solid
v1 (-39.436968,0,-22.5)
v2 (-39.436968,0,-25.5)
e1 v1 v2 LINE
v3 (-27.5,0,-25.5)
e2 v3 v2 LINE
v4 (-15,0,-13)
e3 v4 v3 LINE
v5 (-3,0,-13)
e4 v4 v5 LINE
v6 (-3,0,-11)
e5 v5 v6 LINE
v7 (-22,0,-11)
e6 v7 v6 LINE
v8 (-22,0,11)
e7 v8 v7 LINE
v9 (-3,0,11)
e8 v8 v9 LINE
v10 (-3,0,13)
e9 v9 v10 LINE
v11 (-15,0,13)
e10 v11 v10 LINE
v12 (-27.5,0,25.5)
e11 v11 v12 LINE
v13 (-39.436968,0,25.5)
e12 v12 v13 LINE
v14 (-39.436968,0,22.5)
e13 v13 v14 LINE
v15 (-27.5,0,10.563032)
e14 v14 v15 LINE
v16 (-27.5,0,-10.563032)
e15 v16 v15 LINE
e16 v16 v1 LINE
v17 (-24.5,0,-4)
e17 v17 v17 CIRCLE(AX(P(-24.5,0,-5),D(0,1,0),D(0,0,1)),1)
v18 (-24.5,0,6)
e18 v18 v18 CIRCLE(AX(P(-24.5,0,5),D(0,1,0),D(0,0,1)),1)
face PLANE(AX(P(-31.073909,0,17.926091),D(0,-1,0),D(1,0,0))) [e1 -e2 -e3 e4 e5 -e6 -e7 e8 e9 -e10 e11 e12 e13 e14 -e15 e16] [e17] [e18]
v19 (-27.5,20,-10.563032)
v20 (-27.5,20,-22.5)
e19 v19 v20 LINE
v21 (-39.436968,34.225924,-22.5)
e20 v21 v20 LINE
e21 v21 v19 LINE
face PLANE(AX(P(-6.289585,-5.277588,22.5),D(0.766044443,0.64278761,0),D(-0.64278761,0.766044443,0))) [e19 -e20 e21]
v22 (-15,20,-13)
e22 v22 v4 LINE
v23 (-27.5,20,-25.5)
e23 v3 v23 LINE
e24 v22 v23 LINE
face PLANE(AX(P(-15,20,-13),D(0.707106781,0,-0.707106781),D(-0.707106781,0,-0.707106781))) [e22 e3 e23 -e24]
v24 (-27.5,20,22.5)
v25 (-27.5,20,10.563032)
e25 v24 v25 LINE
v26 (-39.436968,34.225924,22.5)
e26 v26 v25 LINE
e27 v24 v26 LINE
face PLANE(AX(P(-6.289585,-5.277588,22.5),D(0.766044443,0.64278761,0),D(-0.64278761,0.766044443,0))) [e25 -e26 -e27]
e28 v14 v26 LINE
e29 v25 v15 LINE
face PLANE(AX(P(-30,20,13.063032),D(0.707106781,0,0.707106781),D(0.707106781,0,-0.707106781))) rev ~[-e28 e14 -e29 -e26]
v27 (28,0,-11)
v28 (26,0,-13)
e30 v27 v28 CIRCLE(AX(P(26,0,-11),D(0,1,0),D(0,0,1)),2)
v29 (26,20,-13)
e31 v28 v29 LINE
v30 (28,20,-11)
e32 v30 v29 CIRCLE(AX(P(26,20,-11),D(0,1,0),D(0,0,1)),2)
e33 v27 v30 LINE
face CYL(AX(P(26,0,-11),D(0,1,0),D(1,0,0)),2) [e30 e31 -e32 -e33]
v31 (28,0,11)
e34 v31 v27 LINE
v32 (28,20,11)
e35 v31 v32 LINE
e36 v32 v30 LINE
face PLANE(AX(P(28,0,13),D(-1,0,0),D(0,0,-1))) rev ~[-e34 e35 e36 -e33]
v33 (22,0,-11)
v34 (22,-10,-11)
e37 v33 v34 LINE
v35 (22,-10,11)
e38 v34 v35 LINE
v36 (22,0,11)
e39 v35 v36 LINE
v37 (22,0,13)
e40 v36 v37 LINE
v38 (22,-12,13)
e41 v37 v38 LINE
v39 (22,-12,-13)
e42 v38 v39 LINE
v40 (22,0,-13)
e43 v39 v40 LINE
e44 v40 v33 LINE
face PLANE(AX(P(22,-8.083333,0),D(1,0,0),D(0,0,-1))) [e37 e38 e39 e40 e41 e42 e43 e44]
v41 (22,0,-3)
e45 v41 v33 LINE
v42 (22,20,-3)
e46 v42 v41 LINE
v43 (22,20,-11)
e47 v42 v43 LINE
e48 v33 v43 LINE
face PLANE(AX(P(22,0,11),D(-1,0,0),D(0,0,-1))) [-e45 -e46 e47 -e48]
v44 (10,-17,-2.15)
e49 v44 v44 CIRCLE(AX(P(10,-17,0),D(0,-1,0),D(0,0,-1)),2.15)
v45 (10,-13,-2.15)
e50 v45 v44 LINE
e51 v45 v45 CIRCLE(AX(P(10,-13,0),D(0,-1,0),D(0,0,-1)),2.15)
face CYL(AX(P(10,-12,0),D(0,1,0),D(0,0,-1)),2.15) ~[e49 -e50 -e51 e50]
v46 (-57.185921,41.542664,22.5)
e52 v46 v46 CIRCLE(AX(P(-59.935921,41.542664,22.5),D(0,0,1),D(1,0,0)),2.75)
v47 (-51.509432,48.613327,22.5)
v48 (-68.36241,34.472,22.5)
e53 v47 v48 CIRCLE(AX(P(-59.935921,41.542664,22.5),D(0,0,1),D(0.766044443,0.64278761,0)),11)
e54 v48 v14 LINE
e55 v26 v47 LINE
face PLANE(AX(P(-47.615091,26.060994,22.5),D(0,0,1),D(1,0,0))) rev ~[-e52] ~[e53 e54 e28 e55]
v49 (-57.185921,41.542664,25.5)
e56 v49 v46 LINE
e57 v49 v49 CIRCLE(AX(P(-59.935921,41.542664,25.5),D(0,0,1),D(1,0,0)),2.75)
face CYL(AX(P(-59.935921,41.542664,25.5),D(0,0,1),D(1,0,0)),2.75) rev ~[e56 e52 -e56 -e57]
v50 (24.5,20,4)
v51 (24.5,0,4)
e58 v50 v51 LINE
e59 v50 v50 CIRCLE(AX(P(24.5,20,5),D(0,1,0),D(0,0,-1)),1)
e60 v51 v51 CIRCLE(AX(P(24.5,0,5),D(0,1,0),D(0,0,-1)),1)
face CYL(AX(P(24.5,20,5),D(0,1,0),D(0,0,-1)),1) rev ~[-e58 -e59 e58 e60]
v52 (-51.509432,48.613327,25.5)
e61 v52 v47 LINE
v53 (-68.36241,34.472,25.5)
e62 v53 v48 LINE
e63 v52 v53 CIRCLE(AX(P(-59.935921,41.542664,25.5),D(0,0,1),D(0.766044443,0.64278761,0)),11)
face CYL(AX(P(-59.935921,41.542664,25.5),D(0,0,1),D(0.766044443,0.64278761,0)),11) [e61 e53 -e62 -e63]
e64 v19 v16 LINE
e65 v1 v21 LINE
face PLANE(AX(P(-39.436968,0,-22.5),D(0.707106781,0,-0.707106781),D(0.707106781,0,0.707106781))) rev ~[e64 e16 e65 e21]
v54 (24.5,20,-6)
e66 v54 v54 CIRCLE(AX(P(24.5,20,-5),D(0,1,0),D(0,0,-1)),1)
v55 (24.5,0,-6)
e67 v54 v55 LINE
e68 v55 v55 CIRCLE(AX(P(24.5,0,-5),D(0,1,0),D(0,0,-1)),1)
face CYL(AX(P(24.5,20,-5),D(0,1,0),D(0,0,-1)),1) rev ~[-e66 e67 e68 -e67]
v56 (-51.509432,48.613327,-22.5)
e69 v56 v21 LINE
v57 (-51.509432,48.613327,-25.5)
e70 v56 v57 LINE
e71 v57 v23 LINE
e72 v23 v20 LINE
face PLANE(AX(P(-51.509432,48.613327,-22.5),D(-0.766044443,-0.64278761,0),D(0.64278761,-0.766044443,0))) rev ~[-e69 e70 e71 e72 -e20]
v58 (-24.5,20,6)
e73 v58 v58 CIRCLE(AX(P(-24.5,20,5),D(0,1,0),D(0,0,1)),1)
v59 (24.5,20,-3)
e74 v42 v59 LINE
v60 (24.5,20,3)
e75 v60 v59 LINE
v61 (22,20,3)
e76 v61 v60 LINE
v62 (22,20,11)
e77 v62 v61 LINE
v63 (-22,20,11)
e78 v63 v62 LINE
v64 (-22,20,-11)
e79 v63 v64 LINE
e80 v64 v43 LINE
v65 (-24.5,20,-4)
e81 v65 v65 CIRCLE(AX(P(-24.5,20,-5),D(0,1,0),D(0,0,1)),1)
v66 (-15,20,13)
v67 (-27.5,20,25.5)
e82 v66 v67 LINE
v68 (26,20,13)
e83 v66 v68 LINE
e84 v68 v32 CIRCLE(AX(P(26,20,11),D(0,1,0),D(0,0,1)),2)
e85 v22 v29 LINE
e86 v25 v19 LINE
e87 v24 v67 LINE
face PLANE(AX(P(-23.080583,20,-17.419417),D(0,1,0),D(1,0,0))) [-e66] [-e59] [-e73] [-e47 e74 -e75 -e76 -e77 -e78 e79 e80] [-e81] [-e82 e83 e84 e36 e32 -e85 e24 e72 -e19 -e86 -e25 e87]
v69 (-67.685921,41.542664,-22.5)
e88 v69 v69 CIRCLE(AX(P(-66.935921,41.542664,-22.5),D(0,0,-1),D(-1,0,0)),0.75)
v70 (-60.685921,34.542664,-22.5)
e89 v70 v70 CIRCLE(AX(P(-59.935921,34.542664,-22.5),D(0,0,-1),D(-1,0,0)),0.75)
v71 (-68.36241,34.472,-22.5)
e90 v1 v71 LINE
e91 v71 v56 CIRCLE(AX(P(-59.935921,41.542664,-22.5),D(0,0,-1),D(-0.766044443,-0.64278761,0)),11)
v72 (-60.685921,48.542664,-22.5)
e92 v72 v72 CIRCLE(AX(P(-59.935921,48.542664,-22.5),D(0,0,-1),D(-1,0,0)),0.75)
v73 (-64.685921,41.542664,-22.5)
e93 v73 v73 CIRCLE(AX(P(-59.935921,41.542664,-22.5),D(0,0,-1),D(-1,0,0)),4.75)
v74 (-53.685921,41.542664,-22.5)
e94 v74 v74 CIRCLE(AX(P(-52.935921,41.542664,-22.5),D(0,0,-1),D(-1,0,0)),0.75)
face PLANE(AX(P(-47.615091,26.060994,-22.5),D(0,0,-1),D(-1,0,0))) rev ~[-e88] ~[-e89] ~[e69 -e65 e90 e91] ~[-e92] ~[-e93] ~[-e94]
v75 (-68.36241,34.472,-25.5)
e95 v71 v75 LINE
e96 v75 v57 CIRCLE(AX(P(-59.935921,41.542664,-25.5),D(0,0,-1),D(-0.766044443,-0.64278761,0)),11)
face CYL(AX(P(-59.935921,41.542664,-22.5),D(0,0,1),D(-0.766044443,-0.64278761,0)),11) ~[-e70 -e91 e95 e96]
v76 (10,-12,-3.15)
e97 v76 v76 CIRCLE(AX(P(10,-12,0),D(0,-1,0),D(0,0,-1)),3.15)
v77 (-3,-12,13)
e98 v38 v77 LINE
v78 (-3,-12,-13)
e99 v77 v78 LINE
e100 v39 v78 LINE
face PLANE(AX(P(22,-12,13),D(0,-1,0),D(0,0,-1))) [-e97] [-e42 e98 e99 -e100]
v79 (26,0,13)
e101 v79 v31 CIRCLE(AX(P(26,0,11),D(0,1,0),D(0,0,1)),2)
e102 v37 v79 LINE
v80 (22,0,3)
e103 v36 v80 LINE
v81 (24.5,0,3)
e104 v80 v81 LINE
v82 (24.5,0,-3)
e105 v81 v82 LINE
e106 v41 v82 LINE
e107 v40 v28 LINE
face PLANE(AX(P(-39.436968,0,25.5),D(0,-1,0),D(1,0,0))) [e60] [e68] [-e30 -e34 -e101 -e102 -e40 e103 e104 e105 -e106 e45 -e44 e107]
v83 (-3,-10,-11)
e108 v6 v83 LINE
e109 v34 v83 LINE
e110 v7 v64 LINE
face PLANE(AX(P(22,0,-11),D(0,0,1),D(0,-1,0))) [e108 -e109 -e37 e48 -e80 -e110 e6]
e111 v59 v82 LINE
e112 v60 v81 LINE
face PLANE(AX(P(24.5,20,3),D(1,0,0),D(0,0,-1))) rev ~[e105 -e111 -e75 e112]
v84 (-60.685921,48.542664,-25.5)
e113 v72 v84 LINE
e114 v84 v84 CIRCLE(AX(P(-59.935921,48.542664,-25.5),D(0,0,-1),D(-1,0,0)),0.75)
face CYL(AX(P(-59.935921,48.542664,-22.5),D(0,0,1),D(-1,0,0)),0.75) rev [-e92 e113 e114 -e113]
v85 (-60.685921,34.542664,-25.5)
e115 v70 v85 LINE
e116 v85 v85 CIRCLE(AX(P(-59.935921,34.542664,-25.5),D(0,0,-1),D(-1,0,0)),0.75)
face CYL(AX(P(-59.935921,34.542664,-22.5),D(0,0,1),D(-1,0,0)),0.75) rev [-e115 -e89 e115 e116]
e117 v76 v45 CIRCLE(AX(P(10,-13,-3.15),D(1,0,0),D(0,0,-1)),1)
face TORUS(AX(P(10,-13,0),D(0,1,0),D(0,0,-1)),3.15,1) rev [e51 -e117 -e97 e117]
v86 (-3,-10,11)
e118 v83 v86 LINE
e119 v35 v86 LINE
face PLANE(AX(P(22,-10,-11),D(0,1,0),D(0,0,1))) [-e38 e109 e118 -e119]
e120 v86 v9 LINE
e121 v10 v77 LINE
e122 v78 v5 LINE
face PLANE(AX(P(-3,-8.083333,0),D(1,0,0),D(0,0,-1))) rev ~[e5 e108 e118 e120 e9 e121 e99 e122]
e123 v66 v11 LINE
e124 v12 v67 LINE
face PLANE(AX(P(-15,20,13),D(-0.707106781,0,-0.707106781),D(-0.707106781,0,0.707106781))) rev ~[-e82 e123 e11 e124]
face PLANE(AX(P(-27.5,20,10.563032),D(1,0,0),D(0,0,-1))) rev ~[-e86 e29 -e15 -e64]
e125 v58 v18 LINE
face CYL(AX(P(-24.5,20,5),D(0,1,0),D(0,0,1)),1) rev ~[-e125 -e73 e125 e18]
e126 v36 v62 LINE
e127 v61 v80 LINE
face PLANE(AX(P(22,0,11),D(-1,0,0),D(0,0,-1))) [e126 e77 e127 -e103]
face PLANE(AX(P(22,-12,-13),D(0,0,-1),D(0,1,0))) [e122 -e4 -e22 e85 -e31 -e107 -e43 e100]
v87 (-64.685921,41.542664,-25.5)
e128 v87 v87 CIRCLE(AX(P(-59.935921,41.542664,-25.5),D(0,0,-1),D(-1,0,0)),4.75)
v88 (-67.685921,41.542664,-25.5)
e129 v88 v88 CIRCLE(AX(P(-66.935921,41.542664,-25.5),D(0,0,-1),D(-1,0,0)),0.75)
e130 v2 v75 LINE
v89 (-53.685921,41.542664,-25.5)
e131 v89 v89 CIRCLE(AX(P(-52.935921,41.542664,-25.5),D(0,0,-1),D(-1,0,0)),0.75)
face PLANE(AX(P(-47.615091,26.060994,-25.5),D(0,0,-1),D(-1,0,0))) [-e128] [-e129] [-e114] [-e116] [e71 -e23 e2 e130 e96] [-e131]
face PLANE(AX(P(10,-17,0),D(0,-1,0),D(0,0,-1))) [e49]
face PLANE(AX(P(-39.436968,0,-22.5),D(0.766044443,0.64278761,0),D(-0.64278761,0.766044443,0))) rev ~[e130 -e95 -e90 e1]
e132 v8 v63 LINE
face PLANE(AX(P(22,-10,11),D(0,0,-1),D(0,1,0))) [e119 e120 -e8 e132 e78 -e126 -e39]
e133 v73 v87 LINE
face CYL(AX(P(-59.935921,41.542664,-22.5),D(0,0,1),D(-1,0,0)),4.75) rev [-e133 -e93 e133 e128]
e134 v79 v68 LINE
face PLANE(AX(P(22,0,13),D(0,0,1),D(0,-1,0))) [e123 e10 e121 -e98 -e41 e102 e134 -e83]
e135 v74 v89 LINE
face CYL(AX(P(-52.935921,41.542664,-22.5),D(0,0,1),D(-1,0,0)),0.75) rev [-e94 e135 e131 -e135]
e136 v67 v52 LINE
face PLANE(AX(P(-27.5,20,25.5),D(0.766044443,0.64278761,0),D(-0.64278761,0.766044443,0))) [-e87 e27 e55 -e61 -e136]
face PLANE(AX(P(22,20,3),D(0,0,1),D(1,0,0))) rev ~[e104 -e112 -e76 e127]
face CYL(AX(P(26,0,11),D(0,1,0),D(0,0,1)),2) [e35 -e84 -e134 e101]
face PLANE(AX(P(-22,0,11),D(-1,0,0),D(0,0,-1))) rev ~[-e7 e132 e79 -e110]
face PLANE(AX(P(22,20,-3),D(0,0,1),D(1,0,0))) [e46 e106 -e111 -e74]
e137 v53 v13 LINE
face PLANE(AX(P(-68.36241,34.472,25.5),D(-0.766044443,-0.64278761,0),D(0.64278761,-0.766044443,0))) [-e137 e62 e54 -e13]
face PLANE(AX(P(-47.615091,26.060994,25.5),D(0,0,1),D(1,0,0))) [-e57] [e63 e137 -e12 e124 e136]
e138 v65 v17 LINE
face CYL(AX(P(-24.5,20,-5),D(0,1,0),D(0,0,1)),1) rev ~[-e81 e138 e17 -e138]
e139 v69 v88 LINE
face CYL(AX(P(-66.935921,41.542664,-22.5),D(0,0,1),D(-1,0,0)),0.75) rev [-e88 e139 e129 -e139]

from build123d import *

# Parameters (mm, degrees)
CROQUIS2_W              = 58
CROQUIS2_H              = 26
CROQUIS2_W_2            = 44
CROQUIS2_H_2            = 22
SALIENTE_EXTRUIR3_DEPTH = 20
CROQUIS4_R              = 1
CROQUIS4_W              = 2.5
CROQUIS4_H              = 6
CUT_EXTRUDE1_DEPTH      = 39.327535793
SKETCH1_W               = 51
SKETCH1_H               = 20
BOSS_EXTRUDE1_DEPTH     = 2.5
CROQUIS6_R              = 2.75
SALIENTE_EXTRUIR5_DEPTH = 3
BOSS_EXTRUDE2_START     = -3
SKETCH3_R               = 0.75
SKETCH3_R_2             = 4.75
BOSS_EXTRUDE2_DEPTH     = 3
BOSS_EXTRUDE3_DEPTH     = 25
FILLET1_R               = 2
SKETCH6_R               = 2.15
BOSS_EXTRUDE4_DEPTH     = 5
FILLET4_R               = 1
BOSS_EXTRUDE5_DEPTH     = 20
BOSS_EXTRUDE6_REACH     = 93.885
CUT_EXTRUDE2_DEPTH      = 84.971155352


with BuildPart() as part:
    # Croquis2 → Saliente-Extruir3 (new body)
    with BuildSketch(Plane(origin=(0, 0, 0), x_dir=(1, 0, 0), z_dir=(0, 1, 0))):
        with Locations((-1, 0)):
            Rectangle(CROQUIS2_W, CROQUIS2_H)
        Rectangle(CROQUIS2_W_2, CROQUIS2_H_2, mode=Mode.SUBTRACT)
    extrude(amount=SALIENTE_EXTRUIR3_DEPTH)

    # Croquis4 → Cut-Extrude1 (cut, through all)
    with BuildSketch(Plane(origin=(0, 20, 0), x_dir=(1, 0, 0), z_dir=(0, 1, 0))):
        with Locations(Location((-24.5, 5, 0), (0, 0, 270))):
            Circle(CROQUIS4_R)
        with Locations(Location((-24.5, -5, 0), (0, 0, 270))):
            Circle(CROQUIS4_R)
        with Locations(Location((24.5, -5, 0), (0, 0, 90))):
            Circle(CROQUIS4_R)
        with Locations(Location((24.5, 5, 0), (0, 0, 90))):
            Circle(CROQUIS4_R)
        with Locations((23.25, 0)):
            Rectangle(CROQUIS4_W, CROQUIS4_H)
    extrude(amount=-CUT_EXTRUDE1_DEPTH, mode=Mode.SUBTRACT)

    # Sketch1 → Boss-Extrude1 (add)
    with BuildSketch(Plane.ZY.offset(30)):
        with Locations((0, 10)):
            Rectangle(SKETCH1_W, SKETCH1_H)
    extrude(amount=-BOSS_EXTRUDE1_DEPTH)

    # Croquis6 → Saliente-Extruir5 (add)
    with BuildSketch(Plane.XY.offset(25.5)):
        with BuildLine():
            Line((-39.436967742, 0), (-30, 0))
            Line((-30, 0), (-30, 20))
            Line((-30, 20), (-27.5, 20))
            Line((-27.5, 20), (-51.509432429, 48.613327353))
            ThreePointArc((-51.509432429, 48.613327353), (-67.00658501, 49.969152521), (-68.362410178, 34.47199994))
            Line((-68.362410178, 34.47199994), (-39.436967742, 0))
        make_face()
        with Locations((-59.935921303, 41.542663647)):
            Circle(CROQUIS6_R, mode=Mode.SUBTRACT)
    extrude(amount=-SALIENTE_EXTRUIR5_DEPTH)

    # Sketch3 → Boss-Extrude2 (add)
    with BuildSketch(Plane(origin=(0, 0, -25.5), x_dir=(-1, 0, 0), z_dir=(0, 0, -1)).offset(BOSS_EXTRUDE2_START)):
        with BuildLine():
            Line((51.509432429, 48.613327353), (27.5, 20))
            Line((27.5, 20), (30, 20))
            Line((30, 20), (30, 0))
            Line((30, 0), (39.436967742, 0))
            Line((39.436967742, 0), (68.362410178, 34.47199994))
            ThreePointArc((68.362410178, 34.47199994), (67.00658501, 49.969152521), (51.509432429, 48.613327353))
        make_face()
        with Locations((66.935921303, 41.542663647)):
            Circle(SKETCH3_R, mode=Mode.SUBTRACT)
        with Locations((59.935921303, 34.542663647)):
            Circle(SKETCH3_R, mode=Mode.SUBTRACT)
        with Locations((59.935921303, 48.542663647)):
            Circle(SKETCH3_R, mode=Mode.SUBTRACT)
        with Locations((52.935921303, 41.542663647)):
            Circle(SKETCH3_R, mode=Mode.SUBTRACT)
        with Locations((59.935921303, 41.542663647)):
            Circle(SKETCH3_R_2, mode=Mode.SUBTRACT)
    extrude(amount=BOSS_EXTRUDE2_DEPTH)

    # Sketch5 → Boss-Extrude3 (add)
    with BuildSketch(Plane(origin=(22, 0, 0), x_dir=(0, 0, -1), z_dir=(1, 0, 0))):
        Polygon((-13, 0), (-13, -12), (13, -12), (13, 0), (11, 0), (11, -10), (-11, -10), (-11, 0), align=None)
    extrude(amount=-BOSS_EXTRUDE3_DEPTH)

    # Fillet1
    fillet1_edges = [part.edges().sort_by_distance(p)[0] for p in [
        (28, 10, -13),
        (28, 10, 13),
    ]]
    fillet(fillet1_edges, radius=FILLET1_R)

    # Sketch6 → Boss-Extrude4 (add)
    with BuildSketch(Plane.XZ.offset(12)):
        with Locations(Location((10, 0, 0), (0, 0, 270))):
            Circle(SKETCH6_R)
    extrude(amount=BOSS_EXTRUDE4_DEPTH)

    # Fillet4
    fillet4_edges = [part.edges().sort_by_distance(p)[0] for p in [
        (10, -12, 2.15),
    ]]
    fillet(fillet4_edges, radius=FILLET4_R)

    # Sketch8 → Boss-Extrude5 (add)
    with BuildSketch(Plane(origin=(0, 20, 0), x_dir=(1, 0, 0), z_dir=(0, 1, 0))):
        Polygon((-27.5, 25.5), (-27.5, 13), (-15, 13), align=None)
        Polygon((-27.5, -13), (-15, -13), (-27.5, -25.5), align=None)
    extrude(amount=-BOSS_EXTRUDE5_DEPTH)

    # Boss-Extrude6: up to this plane
    boss_extrude6_end = Plane(origin=(-6.289584913, -5.277588381, 22.5), z_dir=(0.76604444311898, 0.642787609686537, 0))
    # Sketch9 → Boss-Extrude6 (add, up to the surface)
    with BuildSketch(Plane.XZ, mode=Mode.PRIVATE) as boss_extrude6_sk1:
        Polygon((-39.436967742, 22.5), (-26.5, 9.563032258), (-26.5, 22.5), align=None)
    boss_extrude6_tool1 = split(extrude(boss_extrude6_sk1.sketch, amount=-BOSS_EXTRUDE6_REACH, mode=Mode.PRIVATE), bisect_by=boss_extrude6_end, keep=Keep.BOTH, mode=Mode.PRIVATE)
    add(boss_extrude6_tool1.solids().sort_by_distance((-30.812323, 0, 18.187677))[0])
    # Sketch9 → Boss-Extrude6 (add, up to the surface)
    with BuildSketch(Plane.XZ, mode=Mode.PRIVATE) as boss_extrude6_sk2:
        Polygon((-26.5, -9.563032258), (-26.5, -22.5), (-39.436967742, -22.5), align=None)
    boss_extrude6_tool2 = split(extrude(boss_extrude6_sk2.sketch, amount=-BOSS_EXTRUDE6_REACH, mode=Mode.PRIVATE), bisect_by=boss_extrude6_end, keep=Keep.BOTH, mode=Mode.PRIVATE)
    add(boss_extrude6_tool2.solids().sort_by_distance((-30.812323, 0, -18.187677))[0])

    # Sketch10 → Cut-Extrude2 (cut, through all)
    with BuildSketch(Plane(origin=(0, 20, 0), x_dir=(1, 0, 0), z_dir=(0, 1, 0))):
        Polygon((-30, 13.063032258), (-30, -13.063032258), (-27.5, -10.563032258), (-27.5, 10.563032258), align=None)
    extrude(amount=-CUT_EXTRUDE2_DEPTH, mode=Mode.SUBTRACT)


solid = part.part
